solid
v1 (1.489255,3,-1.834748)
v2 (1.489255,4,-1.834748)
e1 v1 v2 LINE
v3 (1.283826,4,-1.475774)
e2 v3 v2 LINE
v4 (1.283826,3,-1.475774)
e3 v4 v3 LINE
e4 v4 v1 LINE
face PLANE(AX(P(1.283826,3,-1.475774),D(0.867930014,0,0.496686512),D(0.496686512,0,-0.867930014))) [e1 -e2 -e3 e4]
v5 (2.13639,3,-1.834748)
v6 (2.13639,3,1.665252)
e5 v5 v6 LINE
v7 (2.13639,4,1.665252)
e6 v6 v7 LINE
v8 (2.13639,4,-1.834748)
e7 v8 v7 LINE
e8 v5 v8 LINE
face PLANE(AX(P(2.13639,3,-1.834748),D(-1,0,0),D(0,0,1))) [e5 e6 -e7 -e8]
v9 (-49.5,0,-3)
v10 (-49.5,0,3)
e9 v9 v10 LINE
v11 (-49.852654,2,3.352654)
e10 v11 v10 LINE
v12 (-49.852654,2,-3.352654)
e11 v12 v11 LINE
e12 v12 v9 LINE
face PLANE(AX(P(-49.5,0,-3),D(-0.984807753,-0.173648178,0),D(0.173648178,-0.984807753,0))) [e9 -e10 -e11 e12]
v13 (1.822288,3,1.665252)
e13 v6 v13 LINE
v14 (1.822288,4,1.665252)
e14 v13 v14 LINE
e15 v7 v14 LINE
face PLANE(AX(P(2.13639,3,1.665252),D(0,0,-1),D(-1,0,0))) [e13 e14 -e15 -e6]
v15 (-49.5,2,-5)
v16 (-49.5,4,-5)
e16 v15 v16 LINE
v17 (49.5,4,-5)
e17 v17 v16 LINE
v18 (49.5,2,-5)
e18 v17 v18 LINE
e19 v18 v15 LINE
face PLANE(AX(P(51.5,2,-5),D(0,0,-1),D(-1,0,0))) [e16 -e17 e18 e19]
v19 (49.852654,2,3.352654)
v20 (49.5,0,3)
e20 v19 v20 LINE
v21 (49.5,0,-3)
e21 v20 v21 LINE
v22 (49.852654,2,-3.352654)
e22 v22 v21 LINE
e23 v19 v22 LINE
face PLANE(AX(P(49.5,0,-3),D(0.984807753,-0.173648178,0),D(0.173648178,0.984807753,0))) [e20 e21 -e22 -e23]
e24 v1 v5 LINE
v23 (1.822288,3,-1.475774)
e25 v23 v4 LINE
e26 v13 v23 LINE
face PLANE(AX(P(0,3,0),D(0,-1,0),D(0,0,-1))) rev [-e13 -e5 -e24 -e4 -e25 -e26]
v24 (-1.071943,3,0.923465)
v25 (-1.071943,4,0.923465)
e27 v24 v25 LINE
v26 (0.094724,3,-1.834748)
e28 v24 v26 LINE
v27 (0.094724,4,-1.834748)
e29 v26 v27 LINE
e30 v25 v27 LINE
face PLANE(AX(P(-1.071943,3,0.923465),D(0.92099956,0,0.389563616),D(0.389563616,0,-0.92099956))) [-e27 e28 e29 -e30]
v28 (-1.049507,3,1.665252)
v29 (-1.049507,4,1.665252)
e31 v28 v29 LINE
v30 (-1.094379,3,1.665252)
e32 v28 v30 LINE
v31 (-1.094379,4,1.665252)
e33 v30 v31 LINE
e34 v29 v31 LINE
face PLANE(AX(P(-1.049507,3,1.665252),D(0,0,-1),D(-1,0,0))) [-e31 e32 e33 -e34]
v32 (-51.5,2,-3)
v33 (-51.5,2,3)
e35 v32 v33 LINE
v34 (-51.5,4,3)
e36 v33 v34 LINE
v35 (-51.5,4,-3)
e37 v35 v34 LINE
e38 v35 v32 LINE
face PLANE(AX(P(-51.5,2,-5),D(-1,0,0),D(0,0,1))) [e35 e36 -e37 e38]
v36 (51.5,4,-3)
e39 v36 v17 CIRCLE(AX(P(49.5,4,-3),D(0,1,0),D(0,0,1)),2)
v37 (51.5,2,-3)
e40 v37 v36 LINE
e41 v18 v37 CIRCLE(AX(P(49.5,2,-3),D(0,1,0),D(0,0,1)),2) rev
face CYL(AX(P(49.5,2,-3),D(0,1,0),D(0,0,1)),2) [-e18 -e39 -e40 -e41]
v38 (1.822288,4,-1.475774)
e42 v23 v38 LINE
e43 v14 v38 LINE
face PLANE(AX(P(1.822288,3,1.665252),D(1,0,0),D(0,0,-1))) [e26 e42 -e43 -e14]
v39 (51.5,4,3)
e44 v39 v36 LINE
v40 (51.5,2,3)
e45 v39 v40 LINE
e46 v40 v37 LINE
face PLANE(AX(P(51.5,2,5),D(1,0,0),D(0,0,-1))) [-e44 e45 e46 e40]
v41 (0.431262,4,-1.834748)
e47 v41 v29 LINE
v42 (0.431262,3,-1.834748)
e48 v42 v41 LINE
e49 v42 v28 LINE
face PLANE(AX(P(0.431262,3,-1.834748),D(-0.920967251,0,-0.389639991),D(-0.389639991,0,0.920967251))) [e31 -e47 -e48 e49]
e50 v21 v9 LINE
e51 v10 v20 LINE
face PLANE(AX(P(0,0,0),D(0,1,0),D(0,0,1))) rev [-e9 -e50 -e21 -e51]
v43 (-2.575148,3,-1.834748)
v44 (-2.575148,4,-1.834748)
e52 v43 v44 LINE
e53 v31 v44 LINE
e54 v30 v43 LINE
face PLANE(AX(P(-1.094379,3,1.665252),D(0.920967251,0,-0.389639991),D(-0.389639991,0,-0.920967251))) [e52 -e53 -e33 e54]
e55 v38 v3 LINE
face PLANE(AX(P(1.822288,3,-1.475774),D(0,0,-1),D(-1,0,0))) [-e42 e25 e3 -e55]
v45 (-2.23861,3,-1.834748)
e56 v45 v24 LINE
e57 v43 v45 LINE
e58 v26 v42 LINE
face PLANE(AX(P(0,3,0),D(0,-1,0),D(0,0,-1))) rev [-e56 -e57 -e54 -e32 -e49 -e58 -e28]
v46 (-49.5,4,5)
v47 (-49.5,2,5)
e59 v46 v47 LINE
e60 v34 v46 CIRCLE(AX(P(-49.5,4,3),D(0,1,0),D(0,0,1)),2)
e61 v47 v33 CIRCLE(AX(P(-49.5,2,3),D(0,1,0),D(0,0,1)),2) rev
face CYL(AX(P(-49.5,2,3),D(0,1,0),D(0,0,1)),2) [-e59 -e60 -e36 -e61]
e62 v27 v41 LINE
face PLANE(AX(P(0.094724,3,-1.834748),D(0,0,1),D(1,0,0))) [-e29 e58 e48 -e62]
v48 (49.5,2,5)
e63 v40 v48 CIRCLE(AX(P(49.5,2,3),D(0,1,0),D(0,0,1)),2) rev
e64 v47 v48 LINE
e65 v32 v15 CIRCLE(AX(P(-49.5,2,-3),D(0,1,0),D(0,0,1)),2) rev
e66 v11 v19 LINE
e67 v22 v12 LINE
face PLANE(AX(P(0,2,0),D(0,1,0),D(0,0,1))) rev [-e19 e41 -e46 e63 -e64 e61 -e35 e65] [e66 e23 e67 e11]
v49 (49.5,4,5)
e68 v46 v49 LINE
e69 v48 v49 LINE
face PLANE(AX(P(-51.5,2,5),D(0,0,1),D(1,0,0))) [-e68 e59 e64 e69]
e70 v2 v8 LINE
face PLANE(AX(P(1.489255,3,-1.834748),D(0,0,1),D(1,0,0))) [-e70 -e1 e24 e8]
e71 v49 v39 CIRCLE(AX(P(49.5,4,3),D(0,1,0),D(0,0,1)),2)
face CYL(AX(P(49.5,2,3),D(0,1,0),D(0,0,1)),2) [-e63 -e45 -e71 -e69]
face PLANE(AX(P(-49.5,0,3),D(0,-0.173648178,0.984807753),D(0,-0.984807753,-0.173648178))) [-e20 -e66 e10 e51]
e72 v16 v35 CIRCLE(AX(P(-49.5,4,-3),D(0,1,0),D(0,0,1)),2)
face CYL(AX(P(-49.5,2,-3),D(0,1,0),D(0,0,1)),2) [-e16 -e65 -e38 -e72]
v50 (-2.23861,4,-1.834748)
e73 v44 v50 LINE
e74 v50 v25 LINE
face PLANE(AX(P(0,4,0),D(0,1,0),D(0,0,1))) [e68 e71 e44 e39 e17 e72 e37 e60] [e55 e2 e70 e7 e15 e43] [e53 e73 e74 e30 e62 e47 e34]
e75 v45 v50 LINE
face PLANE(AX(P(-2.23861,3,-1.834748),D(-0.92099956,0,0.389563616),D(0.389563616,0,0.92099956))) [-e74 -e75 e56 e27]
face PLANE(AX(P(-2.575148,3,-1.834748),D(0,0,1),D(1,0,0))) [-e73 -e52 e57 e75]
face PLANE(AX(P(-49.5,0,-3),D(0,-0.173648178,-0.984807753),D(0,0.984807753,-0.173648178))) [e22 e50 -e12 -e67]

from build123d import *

# Parameters (mm, degrees)
SKETCH1_W           = 99
SKETCH1_H           = 6
BOSS_EXTRUDE1_DEPTH = 2
SKETCH2_W           = 101
SKETCH2_H           = 8
BOSS_EXTRUDE3_DEPTH = 2
DRAFT1_ANGLE        = 10
SKETCH3_W           = 103
SKETCH3_H           = 10
BOSS_EXTRUDE4_DEPTH = 2
FILLET1_R           = 2
CUT_EXTRUDE1_DEPTH  = 1


with BuildPart() as part:
    # Sketch1 → Boss-Extrude1 (new body)
    with BuildSketch(Plane(origin=(0, 0, 0), x_dir=(1, 0, 0), z_dir=(0, 1, 0))):
        Rectangle(SKETCH1_W, SKETCH1_H)
    extrude(amount=BOSS_EXTRUDE1_DEPTH)

    # Draft1
    draft1_faces = [part.faces().sort_by_distance(p)[0] for p in [
        (49.5, 1, 0),
        (0, 1, 3),
        (-49.5, 1, 0),
        (0, 1, -3),
    ]]
    draft(draft1_faces, Plane(origin=(0, 0, 0), x_dir=(0, 0, -1), z_dir=(0, -1, 0)), DRAFT1_ANGLE)



with BuildPart() as body_2:
    # Sketch2 → Boss-Extrude3 (new body)
    with BuildSketch(Plane(origin=(0, 2, 0), x_dir=(1, 0, 0), z_dir=(0, 1, 0))):
        Rectangle(SKETCH2_W, SKETCH2_H)
    extrude(amount=BOSS_EXTRUDE3_DEPTH)


with BuildPart() as part_1:
    add(part.part)

    add(body_2.part)  # Boss-Extrude4 merges body 2
    # Sketch3 → Boss-Extrude4 (add)
    with BuildSketch(Plane(origin=(0, 4, 0), x_dir=(1, 0, 0), z_dir=(0, 1, 0))):
        Rectangle(SKETCH3_W, SKETCH3_H)
    extrude(amount=-BOSS_EXTRUDE4_DEPTH)

    # Fillet1
    fillet1_edges = [part_1.edges().sort_by_distance(p)[0] for p in [
        (-51.5, 3, 5),
        (-51.5, 3, -5),
        (51.5, 3, -5),
        (51.5, 3, 5),
    ]]
    fillet(fillet1_edges, radius=FILLET1_R)

    # Sketch4 → Cut-Extrude1 (cut)
    with BuildSketch(Plane(origin=(0, 4, 0), x_dir=(1, 0, 0), z_dir=(0, 1, 0))):
        Polygon((-2.575148278, 1.834748189), (-2.238609816, 1.834748189), (-1.07194315, -0.923464952), (0.094723517, 1.834748189), (0.431261979, 1.834748189), (-1.049507252, -1.665251811), (-1.094379047, -1.665251811), align=None)
        Polygon((1.489254767, 1.834748189), (2.136390184, 1.834748189), (2.136390184, -1.665251811), (1.82228762, -1.665251811), (1.82228762, 1.47577383), (1.283826081, 1.47577383), align=None)
    extrude(amount=-CUT_EXTRUDE1_DEPTH, mode=Mode.SUBTRACT)


solid = part_1.part
